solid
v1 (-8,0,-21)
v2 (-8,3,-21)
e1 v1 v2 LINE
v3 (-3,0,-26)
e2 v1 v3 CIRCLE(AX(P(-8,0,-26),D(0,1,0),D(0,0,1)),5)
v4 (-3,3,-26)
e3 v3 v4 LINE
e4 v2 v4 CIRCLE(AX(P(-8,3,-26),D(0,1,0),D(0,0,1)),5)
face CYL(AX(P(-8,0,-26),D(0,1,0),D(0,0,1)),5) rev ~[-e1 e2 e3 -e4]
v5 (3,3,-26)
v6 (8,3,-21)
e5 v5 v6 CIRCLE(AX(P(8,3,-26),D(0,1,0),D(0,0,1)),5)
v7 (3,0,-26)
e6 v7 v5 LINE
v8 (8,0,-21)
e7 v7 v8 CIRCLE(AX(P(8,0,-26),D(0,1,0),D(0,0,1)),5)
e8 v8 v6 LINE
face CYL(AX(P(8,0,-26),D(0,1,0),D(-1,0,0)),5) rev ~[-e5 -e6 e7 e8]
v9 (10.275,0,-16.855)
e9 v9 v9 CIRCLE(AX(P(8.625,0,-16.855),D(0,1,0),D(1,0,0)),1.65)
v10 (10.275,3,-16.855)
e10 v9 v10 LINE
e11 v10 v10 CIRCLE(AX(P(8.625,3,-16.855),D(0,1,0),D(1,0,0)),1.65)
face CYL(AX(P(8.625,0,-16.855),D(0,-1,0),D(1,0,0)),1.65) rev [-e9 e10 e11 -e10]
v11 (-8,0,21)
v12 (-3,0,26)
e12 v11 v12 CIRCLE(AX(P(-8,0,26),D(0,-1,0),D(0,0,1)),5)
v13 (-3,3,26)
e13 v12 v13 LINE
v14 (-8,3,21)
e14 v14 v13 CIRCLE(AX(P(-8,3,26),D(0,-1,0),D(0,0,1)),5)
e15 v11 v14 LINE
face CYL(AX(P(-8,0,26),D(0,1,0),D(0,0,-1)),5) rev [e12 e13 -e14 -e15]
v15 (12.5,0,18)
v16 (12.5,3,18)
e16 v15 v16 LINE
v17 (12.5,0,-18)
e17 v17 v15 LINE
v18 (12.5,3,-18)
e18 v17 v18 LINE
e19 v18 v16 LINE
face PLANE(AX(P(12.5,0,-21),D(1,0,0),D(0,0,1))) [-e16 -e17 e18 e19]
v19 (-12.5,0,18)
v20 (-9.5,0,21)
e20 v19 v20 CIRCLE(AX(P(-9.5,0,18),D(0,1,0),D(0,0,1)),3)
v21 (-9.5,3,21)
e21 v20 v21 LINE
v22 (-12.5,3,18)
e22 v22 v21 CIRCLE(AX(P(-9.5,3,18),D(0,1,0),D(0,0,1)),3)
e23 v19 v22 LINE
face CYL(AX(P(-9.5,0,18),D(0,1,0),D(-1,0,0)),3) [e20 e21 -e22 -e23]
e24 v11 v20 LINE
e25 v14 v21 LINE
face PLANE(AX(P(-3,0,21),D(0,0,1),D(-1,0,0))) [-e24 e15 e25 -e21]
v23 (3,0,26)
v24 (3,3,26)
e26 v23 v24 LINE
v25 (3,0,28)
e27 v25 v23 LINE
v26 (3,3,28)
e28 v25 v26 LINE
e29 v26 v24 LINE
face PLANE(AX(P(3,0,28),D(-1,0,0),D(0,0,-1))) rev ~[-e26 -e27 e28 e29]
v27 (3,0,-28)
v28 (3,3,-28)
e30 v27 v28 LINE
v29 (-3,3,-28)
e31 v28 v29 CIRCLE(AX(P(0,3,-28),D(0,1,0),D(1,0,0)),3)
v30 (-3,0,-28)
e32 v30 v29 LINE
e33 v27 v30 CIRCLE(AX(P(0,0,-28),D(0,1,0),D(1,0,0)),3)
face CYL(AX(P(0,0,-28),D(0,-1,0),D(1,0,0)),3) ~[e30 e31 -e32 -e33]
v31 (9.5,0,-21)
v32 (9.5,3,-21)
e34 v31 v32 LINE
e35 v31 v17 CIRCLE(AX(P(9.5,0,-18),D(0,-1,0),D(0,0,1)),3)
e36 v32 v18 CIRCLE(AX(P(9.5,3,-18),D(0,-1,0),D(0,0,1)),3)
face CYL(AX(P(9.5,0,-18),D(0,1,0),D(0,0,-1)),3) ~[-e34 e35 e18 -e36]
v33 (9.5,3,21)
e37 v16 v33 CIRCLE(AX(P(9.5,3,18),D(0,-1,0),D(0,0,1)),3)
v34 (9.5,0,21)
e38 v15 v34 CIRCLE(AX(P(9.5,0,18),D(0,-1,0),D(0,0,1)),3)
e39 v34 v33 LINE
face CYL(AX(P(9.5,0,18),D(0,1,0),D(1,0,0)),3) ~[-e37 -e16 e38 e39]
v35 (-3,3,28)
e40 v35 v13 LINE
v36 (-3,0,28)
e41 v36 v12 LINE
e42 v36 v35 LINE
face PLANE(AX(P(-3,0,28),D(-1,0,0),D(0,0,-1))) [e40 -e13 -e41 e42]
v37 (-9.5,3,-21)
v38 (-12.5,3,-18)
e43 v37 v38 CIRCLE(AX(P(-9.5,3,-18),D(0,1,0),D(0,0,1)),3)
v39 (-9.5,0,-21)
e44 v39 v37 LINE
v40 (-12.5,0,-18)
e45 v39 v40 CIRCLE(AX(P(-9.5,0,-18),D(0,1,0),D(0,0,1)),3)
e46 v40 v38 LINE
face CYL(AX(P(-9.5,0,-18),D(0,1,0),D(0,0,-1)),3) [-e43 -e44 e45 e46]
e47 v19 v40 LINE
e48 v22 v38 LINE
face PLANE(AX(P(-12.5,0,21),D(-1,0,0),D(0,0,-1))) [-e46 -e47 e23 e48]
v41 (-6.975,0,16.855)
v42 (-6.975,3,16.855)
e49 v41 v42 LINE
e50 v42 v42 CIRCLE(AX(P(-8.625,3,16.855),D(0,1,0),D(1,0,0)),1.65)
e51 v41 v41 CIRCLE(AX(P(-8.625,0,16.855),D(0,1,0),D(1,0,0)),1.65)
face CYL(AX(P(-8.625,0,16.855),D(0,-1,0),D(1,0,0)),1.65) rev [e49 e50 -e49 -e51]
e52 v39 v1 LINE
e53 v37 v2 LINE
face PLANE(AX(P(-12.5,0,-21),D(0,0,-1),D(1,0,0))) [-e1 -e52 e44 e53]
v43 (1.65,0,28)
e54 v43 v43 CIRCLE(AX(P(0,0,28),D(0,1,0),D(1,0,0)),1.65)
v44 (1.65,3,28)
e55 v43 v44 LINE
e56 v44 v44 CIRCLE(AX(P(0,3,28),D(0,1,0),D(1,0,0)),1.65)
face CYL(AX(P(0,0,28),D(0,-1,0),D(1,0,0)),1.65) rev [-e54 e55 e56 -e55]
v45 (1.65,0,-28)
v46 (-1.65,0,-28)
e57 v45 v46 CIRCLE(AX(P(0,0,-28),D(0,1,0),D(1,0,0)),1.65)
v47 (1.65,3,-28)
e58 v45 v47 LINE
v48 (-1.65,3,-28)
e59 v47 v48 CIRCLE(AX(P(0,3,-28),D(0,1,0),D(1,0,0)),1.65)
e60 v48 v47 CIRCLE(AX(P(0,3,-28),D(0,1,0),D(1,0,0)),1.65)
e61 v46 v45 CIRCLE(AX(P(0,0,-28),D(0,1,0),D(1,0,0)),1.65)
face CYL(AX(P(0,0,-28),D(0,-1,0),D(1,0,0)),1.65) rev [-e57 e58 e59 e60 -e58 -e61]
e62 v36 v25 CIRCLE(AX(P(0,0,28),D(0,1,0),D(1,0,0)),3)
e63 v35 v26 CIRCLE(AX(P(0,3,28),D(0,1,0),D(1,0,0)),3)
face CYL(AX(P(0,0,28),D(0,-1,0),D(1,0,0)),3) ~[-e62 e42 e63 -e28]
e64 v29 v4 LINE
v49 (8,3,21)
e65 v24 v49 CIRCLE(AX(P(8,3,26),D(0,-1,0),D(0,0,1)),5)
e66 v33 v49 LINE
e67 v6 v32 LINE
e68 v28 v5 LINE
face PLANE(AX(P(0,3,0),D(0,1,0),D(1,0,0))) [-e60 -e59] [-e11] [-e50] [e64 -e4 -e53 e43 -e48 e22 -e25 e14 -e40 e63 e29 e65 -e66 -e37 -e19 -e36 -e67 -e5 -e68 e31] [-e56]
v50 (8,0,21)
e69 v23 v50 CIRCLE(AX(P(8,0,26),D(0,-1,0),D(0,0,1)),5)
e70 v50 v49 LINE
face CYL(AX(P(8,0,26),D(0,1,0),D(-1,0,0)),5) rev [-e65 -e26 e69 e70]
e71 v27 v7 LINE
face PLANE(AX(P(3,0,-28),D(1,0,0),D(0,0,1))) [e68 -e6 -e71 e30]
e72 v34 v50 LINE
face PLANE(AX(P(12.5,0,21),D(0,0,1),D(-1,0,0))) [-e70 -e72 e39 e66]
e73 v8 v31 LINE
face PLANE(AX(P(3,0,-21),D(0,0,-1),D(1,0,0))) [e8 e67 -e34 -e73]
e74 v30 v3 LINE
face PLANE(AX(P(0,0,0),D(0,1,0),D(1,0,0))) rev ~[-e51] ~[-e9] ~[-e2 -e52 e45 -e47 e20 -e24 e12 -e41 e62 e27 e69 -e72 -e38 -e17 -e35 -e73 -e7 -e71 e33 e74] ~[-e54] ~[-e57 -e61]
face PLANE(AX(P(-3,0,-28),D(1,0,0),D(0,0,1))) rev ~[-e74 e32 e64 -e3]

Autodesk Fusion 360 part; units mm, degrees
sketch "Sketch1" plane through (0, 0, 0) normal (0, 1, 0) x (1, 0, 0)
  line L0 (-12.5, 21) -> (12.5, 21)
  line L1 (12.5, 21) -> (12.5, -21)
  line L2 (12.5, -21) -> (-12.5, -21)
  line L3 (-12.5, -21) -> (-12.5, 21)
  line L4 (-12.5, 21) -> (12.5, -21) construction
  line L5 (12.5, 21) -> (-12.5, -21) construction
  line L6 (-8.625, 16.855) -> (8.625, 16.855) construction
  line L7 (8.625, 16.855) -> (8.625, -16.855) construction
  line L8 (8.625, -16.855) -> (-8.625, -16.855) construction
  line L9 (-8.625, -16.855) -> (-8.625, 16.855) construction
  line L10 (-8.625, 16.855) -> (8.625, -16.855) construction
  line L11 (8.625, 16.855) -> (-8.625, -16.855) construction
  circle A0 centre (8.625, 16.855) radius 1.65
  circle A1 centre (-8.625, -16.855) radius 1.65
  line L12 (0, 0) -> (0, 28) construction
  line L13 (0, 0) -> (0, -28) construction
  circle A2 centre (0, 28) radius 1.65
  line L14 (0, 28) -> (-1.65, 28) construction
  circle A3 centre (0, 28) radius 3
  line L15 (0, 28) -> (-3, 28)
  line L16 (-3, 28) -> (-3, 21)
  line L17 (3, 28) -> (3, 21)
  line L18 (-3, -28) -> (-3, -21)
  circle A4 centre (0, -28) radius 3
  line L19 (3, -28) -> (3, -21)
  circle A5 centre (0, -28) radius 1.65
  line L20 (0, 0) -> (12.5, 0) construction
  dimension "d1" = 25
  dimension "d2" = 42
  dimension "d3" = 17.25
  dimension "d4" = 33.71
  dimension "d9" = 3.3
  dimension "d10" = 3.3
  dimension "d13" = 28
  dimension "d14" = 28
  dimension "d15" = 3.3
  dimension "d17" = 6
extrude "Extrude2" add sketch "Sketch1" along normal blind 3
fillet "Fillet2" radius 3 4 edges at (12.5, 1.5, 21) (-12.5, 1.5, 21) (12.5, 1.5, -21) (-12.5, 1.5, -21)
fillet "Fillet3" radius 5 4 edges at (3, 1.5, 21) (-3, 1.5, 21) (-3, 1.5, -21) (3, 1.5, -21)
